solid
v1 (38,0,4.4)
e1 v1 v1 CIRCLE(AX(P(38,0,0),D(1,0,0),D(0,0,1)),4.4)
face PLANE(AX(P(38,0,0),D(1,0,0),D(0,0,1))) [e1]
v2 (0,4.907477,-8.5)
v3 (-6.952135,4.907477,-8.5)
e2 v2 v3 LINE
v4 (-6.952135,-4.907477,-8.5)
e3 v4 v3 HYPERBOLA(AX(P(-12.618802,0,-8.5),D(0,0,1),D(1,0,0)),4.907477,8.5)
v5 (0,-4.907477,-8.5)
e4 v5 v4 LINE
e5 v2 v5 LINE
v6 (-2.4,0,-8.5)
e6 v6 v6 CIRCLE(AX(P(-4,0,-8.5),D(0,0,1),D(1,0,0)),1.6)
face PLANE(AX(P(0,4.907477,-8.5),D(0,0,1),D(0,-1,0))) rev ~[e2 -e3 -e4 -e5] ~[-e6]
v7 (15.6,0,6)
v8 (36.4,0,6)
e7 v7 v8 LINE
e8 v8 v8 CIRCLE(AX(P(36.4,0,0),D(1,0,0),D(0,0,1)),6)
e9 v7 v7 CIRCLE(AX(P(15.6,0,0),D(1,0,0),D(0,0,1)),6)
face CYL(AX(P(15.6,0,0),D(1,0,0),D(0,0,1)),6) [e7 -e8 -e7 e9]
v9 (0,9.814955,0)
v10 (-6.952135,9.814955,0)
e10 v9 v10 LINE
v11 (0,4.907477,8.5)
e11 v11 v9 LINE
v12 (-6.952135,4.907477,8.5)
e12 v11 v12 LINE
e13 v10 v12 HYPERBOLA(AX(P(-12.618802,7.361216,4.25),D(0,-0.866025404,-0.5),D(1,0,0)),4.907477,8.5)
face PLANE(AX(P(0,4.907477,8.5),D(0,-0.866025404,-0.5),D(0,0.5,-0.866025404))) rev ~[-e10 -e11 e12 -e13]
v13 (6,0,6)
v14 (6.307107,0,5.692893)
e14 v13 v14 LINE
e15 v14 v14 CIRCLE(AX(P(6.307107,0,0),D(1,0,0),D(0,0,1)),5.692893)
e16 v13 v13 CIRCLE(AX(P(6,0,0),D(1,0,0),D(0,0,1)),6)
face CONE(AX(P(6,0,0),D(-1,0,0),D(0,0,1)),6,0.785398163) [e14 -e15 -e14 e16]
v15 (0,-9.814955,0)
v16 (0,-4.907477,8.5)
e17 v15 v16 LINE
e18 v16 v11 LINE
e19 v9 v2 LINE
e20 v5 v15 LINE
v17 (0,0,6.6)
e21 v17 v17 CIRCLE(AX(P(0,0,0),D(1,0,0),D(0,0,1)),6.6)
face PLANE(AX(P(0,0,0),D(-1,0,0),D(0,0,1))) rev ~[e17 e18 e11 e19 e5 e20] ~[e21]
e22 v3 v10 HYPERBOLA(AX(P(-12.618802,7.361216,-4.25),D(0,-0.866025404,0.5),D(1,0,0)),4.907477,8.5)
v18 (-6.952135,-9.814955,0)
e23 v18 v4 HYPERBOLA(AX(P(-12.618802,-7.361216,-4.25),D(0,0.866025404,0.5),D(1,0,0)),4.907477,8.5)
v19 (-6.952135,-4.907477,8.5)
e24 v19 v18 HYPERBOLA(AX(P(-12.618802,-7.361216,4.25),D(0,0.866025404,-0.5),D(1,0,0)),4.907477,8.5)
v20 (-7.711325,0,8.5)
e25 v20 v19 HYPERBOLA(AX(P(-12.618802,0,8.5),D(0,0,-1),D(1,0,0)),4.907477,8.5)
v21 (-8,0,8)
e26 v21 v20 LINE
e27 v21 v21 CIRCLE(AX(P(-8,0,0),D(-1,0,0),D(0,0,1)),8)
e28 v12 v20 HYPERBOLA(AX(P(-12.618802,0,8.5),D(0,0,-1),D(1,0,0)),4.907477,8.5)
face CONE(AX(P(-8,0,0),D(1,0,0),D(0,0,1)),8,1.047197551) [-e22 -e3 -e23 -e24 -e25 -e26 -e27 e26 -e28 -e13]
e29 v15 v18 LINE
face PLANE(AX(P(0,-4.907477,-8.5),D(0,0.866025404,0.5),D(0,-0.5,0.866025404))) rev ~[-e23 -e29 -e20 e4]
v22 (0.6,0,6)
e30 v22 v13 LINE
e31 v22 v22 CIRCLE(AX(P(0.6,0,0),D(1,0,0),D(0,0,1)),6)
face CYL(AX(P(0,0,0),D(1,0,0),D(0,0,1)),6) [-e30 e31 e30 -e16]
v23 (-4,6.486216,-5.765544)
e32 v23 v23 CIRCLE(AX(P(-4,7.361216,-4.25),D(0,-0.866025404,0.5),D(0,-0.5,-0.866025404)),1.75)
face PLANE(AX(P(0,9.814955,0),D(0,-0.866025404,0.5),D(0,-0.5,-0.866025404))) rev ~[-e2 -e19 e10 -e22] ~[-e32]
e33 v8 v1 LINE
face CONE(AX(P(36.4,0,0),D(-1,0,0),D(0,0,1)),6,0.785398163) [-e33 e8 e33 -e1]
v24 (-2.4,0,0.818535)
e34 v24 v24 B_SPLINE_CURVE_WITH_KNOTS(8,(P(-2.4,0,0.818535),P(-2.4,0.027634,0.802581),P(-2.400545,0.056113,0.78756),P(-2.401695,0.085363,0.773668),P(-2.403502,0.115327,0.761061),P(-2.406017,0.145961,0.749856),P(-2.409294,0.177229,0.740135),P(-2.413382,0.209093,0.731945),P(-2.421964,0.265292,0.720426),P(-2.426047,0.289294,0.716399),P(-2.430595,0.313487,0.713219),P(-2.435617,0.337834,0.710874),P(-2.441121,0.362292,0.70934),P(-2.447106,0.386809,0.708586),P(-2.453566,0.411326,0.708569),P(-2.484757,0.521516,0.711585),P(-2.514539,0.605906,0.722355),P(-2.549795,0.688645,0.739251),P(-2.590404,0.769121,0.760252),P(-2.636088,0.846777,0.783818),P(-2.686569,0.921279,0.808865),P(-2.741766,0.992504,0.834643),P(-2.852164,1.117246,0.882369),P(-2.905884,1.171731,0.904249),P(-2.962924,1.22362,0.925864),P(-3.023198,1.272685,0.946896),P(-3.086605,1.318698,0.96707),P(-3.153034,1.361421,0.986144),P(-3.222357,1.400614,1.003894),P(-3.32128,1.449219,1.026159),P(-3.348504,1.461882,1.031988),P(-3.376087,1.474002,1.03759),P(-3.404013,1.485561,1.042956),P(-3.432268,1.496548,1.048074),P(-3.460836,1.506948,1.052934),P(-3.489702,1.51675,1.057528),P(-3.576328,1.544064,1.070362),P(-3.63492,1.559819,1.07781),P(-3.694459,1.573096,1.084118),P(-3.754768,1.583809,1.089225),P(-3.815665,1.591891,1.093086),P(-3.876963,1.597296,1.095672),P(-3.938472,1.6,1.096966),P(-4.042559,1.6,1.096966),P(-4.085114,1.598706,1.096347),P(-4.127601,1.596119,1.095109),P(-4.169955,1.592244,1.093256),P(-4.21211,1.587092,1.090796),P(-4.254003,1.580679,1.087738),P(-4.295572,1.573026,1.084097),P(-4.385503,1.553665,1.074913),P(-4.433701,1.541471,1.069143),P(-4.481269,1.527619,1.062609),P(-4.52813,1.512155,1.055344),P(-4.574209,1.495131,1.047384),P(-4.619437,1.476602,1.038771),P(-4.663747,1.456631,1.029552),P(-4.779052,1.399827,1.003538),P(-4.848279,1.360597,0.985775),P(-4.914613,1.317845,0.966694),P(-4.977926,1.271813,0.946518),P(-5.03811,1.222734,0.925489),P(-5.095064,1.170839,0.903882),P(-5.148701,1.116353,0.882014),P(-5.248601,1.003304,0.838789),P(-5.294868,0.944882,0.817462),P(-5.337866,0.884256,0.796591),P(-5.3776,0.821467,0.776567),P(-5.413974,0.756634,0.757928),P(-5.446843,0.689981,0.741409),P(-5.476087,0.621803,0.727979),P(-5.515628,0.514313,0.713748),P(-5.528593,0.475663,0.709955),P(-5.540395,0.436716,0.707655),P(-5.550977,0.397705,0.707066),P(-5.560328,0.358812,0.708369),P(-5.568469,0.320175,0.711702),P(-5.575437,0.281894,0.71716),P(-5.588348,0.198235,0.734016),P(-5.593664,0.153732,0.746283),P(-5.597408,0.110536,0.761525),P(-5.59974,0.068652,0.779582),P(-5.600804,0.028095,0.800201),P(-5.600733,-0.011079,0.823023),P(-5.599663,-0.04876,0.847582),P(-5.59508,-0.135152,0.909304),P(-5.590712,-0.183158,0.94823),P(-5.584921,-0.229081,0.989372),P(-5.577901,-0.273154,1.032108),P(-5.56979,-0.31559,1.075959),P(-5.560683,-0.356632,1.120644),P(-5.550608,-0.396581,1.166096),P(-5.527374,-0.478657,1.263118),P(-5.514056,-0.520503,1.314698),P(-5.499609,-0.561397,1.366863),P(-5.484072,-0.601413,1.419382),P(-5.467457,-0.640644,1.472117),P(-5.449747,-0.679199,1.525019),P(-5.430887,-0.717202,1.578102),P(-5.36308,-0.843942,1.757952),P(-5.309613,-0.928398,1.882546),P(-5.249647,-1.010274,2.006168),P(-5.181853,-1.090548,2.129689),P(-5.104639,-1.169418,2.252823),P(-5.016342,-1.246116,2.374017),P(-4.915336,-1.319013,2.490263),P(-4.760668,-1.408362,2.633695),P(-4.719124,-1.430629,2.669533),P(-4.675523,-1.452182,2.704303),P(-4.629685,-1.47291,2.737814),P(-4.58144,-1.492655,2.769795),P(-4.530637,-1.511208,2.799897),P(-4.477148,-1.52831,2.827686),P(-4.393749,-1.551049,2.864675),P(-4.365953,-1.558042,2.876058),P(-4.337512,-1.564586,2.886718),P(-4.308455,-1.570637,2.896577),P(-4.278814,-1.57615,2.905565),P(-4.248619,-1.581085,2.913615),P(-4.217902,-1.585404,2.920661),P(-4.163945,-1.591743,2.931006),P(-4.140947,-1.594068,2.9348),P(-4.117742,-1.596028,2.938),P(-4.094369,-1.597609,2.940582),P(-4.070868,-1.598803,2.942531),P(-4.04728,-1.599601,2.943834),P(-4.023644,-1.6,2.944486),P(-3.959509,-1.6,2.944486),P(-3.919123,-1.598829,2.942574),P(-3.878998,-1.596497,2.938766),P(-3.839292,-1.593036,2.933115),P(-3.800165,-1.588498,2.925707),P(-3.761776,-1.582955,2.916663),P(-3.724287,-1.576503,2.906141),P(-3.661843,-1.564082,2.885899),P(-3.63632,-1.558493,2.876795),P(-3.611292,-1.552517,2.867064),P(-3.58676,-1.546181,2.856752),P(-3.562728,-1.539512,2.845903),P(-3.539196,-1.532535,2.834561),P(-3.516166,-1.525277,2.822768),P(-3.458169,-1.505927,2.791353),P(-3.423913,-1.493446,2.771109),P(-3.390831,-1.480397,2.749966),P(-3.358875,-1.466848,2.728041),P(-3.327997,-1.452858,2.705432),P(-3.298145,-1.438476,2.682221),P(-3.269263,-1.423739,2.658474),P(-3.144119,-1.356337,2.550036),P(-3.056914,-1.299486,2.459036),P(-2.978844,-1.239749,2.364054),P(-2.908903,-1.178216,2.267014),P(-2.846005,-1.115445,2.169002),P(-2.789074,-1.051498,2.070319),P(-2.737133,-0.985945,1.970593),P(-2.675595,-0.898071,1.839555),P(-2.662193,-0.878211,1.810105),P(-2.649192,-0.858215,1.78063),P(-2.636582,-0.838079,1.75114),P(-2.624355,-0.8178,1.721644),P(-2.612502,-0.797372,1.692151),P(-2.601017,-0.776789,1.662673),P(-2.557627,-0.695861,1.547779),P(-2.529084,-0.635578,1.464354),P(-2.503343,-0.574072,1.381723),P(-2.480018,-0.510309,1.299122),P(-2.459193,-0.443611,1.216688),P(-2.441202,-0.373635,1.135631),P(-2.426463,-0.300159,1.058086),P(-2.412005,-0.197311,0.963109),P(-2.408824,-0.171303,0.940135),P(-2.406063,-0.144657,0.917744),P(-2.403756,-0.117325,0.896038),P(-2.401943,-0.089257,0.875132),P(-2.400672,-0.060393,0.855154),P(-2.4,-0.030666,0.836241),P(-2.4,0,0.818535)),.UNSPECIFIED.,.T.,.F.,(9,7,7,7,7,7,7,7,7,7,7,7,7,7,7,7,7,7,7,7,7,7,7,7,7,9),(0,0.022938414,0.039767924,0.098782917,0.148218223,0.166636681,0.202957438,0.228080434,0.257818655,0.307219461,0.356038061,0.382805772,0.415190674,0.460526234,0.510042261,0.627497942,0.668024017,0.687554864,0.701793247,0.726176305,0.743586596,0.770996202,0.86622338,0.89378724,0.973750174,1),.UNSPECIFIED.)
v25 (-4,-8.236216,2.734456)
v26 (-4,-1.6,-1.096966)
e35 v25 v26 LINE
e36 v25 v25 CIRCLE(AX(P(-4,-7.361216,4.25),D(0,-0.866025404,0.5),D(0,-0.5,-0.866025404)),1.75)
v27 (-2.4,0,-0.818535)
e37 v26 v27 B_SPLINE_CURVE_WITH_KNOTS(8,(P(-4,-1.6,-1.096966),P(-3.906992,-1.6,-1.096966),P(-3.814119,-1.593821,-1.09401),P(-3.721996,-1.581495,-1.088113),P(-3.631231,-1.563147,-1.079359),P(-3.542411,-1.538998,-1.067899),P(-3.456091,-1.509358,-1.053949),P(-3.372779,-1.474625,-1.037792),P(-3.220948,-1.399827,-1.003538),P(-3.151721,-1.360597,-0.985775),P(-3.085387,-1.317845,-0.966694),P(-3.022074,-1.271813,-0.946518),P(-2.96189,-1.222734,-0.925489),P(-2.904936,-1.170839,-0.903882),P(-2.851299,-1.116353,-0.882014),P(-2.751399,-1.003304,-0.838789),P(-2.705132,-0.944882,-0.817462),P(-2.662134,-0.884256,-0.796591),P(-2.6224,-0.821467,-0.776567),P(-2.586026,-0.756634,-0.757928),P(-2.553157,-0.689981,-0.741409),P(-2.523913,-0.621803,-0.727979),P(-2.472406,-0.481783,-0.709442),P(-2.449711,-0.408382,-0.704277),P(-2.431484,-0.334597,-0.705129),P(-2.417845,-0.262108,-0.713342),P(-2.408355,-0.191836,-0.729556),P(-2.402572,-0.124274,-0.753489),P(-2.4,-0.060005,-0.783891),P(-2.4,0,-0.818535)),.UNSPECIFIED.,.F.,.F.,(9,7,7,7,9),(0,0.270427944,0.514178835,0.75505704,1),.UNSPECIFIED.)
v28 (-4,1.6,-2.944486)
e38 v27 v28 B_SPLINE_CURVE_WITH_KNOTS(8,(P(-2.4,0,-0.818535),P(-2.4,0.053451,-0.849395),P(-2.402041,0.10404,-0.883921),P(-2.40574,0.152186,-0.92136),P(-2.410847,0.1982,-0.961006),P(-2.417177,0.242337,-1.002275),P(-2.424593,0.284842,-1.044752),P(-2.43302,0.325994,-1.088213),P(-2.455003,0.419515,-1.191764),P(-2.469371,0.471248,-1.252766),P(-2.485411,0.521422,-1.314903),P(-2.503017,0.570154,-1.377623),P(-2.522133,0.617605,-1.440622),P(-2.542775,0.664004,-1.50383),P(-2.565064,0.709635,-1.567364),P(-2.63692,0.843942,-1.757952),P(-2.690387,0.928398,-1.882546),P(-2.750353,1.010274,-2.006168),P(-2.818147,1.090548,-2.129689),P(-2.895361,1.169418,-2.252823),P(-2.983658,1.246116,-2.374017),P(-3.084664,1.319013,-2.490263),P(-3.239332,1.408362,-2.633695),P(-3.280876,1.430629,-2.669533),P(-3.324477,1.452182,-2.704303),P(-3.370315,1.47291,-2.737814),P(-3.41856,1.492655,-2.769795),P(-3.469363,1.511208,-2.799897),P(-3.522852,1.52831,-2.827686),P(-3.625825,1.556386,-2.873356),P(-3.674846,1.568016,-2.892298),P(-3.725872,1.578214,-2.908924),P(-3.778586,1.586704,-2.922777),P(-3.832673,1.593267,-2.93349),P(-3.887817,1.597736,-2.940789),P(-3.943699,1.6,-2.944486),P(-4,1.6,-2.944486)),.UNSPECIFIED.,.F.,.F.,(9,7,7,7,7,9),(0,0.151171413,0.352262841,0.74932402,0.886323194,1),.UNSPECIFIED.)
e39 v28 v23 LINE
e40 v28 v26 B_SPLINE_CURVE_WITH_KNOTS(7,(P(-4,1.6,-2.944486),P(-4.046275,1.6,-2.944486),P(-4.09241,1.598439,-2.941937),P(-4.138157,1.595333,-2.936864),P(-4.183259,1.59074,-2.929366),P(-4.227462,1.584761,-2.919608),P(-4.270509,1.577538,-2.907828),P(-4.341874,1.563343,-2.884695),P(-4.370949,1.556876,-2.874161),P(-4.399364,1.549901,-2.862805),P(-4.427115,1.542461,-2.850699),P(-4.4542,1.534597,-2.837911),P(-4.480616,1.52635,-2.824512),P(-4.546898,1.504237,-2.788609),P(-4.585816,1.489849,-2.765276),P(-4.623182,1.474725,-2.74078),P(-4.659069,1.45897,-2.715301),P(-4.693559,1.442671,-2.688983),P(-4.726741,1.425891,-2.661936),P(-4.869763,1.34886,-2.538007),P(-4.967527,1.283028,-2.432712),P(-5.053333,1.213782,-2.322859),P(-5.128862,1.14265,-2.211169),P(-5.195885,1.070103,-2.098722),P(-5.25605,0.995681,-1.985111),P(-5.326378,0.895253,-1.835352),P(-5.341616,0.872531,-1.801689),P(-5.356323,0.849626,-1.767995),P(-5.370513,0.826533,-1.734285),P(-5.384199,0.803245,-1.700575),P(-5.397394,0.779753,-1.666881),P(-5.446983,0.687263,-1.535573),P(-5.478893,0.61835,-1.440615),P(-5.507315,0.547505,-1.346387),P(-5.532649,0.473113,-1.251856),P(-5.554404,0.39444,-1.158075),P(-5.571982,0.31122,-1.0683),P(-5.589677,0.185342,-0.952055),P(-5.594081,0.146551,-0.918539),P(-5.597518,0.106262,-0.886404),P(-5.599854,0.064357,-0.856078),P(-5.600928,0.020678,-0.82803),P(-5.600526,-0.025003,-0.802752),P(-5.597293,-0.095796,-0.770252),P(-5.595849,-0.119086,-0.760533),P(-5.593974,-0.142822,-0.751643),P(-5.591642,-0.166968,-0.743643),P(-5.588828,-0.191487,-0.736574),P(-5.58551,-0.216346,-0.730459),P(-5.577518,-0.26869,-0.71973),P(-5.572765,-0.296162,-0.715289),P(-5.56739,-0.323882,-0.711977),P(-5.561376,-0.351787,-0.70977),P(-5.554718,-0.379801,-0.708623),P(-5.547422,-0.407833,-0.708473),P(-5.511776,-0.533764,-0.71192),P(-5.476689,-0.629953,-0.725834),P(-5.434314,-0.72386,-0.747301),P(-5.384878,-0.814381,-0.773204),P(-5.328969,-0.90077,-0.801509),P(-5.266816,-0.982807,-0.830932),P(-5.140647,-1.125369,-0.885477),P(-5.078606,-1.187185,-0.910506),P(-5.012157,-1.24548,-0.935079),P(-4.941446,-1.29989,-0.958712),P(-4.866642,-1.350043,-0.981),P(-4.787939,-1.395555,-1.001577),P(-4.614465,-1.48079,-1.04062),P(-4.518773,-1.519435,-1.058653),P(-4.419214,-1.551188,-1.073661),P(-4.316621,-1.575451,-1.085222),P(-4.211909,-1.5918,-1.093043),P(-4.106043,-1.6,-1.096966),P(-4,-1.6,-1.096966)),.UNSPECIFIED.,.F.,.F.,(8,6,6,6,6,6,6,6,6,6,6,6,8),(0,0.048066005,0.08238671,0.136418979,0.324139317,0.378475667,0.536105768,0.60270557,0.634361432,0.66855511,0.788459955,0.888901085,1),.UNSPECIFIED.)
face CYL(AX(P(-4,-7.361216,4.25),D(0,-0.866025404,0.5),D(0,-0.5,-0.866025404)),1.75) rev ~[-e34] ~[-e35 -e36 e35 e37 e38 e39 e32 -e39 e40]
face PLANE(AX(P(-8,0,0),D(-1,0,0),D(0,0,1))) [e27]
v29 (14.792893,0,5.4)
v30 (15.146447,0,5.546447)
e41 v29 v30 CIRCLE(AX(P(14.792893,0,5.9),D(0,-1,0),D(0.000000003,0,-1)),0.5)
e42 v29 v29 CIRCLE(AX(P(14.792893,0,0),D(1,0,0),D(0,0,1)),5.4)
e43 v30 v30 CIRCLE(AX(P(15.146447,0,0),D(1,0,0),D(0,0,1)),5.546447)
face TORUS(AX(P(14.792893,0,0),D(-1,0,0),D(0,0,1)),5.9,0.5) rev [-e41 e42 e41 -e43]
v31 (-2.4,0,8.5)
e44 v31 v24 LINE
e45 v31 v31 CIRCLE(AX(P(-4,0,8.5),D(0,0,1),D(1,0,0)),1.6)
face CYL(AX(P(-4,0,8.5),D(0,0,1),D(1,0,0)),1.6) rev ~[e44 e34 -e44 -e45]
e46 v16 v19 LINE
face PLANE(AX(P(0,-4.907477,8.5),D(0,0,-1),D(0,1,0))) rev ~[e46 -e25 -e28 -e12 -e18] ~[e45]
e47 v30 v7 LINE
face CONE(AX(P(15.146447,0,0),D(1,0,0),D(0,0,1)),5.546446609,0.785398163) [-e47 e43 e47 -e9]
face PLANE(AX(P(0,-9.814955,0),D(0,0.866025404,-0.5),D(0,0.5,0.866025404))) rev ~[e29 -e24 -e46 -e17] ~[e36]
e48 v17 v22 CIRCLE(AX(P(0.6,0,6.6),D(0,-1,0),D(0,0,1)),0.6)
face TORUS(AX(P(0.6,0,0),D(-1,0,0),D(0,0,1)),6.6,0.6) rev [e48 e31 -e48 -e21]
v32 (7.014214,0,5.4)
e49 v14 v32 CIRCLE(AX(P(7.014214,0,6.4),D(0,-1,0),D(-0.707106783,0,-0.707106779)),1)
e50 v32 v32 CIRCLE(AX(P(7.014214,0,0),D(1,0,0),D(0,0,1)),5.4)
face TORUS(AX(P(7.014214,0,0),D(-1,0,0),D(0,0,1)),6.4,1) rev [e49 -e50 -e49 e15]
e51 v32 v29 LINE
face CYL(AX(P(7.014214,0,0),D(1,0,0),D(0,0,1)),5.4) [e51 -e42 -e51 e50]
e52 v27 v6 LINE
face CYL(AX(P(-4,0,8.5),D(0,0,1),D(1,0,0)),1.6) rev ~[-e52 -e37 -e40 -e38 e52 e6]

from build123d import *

# Parameters (mm, degrees)
EXTRUDE_1_DEPTH     = 8
SKETCH_3_OUTSIDE_W  = 198.604
SKETCH_3_OUTSIDE_H  = 201.234
SKETCH_3_OUTSIDE_R  = 8
CUT_EXTRUDE_1_DEPTH = 48.797315127
CUT_EXTRUDE_1_DRAFT = -60
FILLET_1_R          = 0.6
SKETCH_4_R          = 1.6
CUT_EXTRUDE_2_DEPTH = 43.770706486
SKETCH_5_R          = 1.75
CUT_EXTRUDE_3_DEPTH = 44.607147732


with BuildPart() as part:
    # Эскиз1 → Повернуть1 (revolve)
    with BuildSketch(Plane.XY, mode=Mode.PRIVATE) as revolve_1_sk:
        with BuildLine():
            Line((0, 0), (0, 6))
            Line((0, 6), (6, 6))
            Line((6, 6), (6.307106781, 5.692893219))
            ThreePointArc((6.307106781, 5.692893219), (6.63153013, 5.476120467), (7.014213562, 5.4))
            Line((7.014213562, 5.4), (14.792893219, 5.4))
            ThreePointArc((14.792893219, 5.4), (14.984234935, 5.438060234), (15.146446609, 5.546446609))
            Line((15.146446609, 5.546446609), (15.6, 6))
            Line((15.6, 6), (36.4, 6))
            Line((36.4, 6), (38, 4.4))
            Line((38, 4.4), (38, 0))
            Line((38, 0), (0, 0))
        make_face()
    revolve(revolve_1_sk.sketch.rotate(Axis((0, 0, 0), (1, 0, 0)), 90), axis=Axis((0, 0, 0), (1, 0, 0)))

    # Эскиз2 → Бобышка-Вытянуть1 (add)
    with BuildSketch(Plane.ZY):
        Polygon((0, -9.814954576), (8.5, -4.907477288), (8.5, 4.907477288), (0, 9.814954576), (-8.5, 4.907477288), (-8.5, -4.907477288), align=None)
    extrude(amount=EXTRUDE_1_DEPTH)


with BuildPart() as cut_extrude_1_tool:
    # Эскиз3 outside → Вырез-Вытянуть1 (with draft: the straight prism first)
    with BuildSketch(Plane.ZY.offset(8)):
        Rectangle(SKETCH_3_OUTSIDE_W, SKETCH_3_OUTSIDE_H)
        Circle(SKETCH_3_OUTSIDE_R, mode=Mode.SUBTRACT)
    extrude(amount=-CUT_EXTRUDE_1_DEPTH)
    # Вырез-Вытянуть1: the draft: its side faces are tilted about the plane it starts from
    cut_extrude_1_sides = [cut_extrude_1_tool.faces().sort_by_distance(p)[0] for p in [
        (16.398657563, -100.617, 0),
        (16.398657563, 0, 99.302),
        (16.398657563, 100.617, 0),
        (16.398657563, 0, -99.302),
        (16.398657563, 0, -8),
    ]]
    draft(cut_extrude_1_sides, Plane.ZY.offset(8), CUT_EXTRUDE_1_DRAFT)


with BuildPart() as part_1:
    add(part.part)

    # Вырез-Вытянуть1: cut by cut_extrude_1_tool
    add(cut_extrude_1_tool.part, mode=Mode.SUBTRACT)

    # Скругление1
    fillet_1_edges = [part_1.edges().sort_by_distance(p)[0] for p in [
        (0, 0, -6),
    ]]
    fillet(fillet_1_edges, radius=FILLET_1_R)

    # Эскиз4 → Вырез-Вытянуть2 (cut, through all)
    with BuildSketch(Plane.XY.offset(8.5)):
        with Locations((-4, 0)):
            Circle(SKETCH_4_R)
    extrude(amount=-CUT_EXTRUDE_2_DEPTH, mode=Mode.SUBTRACT)

    # Эскиз5 → Вырез-Вытянуть3 (cut, through all)
    with BuildSketch(Plane(origin=(0, -7.361215932, 4.25), x_dir=(1, 0, 0), z_dir=(0, -0.8660254037844384, 0.5000000000000003))):
        with Locations(Location((-4, 0, 0), (0, 0, 270))):
            Circle(SKETCH_5_R)
    extrude(amount=-CUT_EXTRUDE_3_DEPTH, mode=Mode.SUBTRACT)


solid = part_1.part
